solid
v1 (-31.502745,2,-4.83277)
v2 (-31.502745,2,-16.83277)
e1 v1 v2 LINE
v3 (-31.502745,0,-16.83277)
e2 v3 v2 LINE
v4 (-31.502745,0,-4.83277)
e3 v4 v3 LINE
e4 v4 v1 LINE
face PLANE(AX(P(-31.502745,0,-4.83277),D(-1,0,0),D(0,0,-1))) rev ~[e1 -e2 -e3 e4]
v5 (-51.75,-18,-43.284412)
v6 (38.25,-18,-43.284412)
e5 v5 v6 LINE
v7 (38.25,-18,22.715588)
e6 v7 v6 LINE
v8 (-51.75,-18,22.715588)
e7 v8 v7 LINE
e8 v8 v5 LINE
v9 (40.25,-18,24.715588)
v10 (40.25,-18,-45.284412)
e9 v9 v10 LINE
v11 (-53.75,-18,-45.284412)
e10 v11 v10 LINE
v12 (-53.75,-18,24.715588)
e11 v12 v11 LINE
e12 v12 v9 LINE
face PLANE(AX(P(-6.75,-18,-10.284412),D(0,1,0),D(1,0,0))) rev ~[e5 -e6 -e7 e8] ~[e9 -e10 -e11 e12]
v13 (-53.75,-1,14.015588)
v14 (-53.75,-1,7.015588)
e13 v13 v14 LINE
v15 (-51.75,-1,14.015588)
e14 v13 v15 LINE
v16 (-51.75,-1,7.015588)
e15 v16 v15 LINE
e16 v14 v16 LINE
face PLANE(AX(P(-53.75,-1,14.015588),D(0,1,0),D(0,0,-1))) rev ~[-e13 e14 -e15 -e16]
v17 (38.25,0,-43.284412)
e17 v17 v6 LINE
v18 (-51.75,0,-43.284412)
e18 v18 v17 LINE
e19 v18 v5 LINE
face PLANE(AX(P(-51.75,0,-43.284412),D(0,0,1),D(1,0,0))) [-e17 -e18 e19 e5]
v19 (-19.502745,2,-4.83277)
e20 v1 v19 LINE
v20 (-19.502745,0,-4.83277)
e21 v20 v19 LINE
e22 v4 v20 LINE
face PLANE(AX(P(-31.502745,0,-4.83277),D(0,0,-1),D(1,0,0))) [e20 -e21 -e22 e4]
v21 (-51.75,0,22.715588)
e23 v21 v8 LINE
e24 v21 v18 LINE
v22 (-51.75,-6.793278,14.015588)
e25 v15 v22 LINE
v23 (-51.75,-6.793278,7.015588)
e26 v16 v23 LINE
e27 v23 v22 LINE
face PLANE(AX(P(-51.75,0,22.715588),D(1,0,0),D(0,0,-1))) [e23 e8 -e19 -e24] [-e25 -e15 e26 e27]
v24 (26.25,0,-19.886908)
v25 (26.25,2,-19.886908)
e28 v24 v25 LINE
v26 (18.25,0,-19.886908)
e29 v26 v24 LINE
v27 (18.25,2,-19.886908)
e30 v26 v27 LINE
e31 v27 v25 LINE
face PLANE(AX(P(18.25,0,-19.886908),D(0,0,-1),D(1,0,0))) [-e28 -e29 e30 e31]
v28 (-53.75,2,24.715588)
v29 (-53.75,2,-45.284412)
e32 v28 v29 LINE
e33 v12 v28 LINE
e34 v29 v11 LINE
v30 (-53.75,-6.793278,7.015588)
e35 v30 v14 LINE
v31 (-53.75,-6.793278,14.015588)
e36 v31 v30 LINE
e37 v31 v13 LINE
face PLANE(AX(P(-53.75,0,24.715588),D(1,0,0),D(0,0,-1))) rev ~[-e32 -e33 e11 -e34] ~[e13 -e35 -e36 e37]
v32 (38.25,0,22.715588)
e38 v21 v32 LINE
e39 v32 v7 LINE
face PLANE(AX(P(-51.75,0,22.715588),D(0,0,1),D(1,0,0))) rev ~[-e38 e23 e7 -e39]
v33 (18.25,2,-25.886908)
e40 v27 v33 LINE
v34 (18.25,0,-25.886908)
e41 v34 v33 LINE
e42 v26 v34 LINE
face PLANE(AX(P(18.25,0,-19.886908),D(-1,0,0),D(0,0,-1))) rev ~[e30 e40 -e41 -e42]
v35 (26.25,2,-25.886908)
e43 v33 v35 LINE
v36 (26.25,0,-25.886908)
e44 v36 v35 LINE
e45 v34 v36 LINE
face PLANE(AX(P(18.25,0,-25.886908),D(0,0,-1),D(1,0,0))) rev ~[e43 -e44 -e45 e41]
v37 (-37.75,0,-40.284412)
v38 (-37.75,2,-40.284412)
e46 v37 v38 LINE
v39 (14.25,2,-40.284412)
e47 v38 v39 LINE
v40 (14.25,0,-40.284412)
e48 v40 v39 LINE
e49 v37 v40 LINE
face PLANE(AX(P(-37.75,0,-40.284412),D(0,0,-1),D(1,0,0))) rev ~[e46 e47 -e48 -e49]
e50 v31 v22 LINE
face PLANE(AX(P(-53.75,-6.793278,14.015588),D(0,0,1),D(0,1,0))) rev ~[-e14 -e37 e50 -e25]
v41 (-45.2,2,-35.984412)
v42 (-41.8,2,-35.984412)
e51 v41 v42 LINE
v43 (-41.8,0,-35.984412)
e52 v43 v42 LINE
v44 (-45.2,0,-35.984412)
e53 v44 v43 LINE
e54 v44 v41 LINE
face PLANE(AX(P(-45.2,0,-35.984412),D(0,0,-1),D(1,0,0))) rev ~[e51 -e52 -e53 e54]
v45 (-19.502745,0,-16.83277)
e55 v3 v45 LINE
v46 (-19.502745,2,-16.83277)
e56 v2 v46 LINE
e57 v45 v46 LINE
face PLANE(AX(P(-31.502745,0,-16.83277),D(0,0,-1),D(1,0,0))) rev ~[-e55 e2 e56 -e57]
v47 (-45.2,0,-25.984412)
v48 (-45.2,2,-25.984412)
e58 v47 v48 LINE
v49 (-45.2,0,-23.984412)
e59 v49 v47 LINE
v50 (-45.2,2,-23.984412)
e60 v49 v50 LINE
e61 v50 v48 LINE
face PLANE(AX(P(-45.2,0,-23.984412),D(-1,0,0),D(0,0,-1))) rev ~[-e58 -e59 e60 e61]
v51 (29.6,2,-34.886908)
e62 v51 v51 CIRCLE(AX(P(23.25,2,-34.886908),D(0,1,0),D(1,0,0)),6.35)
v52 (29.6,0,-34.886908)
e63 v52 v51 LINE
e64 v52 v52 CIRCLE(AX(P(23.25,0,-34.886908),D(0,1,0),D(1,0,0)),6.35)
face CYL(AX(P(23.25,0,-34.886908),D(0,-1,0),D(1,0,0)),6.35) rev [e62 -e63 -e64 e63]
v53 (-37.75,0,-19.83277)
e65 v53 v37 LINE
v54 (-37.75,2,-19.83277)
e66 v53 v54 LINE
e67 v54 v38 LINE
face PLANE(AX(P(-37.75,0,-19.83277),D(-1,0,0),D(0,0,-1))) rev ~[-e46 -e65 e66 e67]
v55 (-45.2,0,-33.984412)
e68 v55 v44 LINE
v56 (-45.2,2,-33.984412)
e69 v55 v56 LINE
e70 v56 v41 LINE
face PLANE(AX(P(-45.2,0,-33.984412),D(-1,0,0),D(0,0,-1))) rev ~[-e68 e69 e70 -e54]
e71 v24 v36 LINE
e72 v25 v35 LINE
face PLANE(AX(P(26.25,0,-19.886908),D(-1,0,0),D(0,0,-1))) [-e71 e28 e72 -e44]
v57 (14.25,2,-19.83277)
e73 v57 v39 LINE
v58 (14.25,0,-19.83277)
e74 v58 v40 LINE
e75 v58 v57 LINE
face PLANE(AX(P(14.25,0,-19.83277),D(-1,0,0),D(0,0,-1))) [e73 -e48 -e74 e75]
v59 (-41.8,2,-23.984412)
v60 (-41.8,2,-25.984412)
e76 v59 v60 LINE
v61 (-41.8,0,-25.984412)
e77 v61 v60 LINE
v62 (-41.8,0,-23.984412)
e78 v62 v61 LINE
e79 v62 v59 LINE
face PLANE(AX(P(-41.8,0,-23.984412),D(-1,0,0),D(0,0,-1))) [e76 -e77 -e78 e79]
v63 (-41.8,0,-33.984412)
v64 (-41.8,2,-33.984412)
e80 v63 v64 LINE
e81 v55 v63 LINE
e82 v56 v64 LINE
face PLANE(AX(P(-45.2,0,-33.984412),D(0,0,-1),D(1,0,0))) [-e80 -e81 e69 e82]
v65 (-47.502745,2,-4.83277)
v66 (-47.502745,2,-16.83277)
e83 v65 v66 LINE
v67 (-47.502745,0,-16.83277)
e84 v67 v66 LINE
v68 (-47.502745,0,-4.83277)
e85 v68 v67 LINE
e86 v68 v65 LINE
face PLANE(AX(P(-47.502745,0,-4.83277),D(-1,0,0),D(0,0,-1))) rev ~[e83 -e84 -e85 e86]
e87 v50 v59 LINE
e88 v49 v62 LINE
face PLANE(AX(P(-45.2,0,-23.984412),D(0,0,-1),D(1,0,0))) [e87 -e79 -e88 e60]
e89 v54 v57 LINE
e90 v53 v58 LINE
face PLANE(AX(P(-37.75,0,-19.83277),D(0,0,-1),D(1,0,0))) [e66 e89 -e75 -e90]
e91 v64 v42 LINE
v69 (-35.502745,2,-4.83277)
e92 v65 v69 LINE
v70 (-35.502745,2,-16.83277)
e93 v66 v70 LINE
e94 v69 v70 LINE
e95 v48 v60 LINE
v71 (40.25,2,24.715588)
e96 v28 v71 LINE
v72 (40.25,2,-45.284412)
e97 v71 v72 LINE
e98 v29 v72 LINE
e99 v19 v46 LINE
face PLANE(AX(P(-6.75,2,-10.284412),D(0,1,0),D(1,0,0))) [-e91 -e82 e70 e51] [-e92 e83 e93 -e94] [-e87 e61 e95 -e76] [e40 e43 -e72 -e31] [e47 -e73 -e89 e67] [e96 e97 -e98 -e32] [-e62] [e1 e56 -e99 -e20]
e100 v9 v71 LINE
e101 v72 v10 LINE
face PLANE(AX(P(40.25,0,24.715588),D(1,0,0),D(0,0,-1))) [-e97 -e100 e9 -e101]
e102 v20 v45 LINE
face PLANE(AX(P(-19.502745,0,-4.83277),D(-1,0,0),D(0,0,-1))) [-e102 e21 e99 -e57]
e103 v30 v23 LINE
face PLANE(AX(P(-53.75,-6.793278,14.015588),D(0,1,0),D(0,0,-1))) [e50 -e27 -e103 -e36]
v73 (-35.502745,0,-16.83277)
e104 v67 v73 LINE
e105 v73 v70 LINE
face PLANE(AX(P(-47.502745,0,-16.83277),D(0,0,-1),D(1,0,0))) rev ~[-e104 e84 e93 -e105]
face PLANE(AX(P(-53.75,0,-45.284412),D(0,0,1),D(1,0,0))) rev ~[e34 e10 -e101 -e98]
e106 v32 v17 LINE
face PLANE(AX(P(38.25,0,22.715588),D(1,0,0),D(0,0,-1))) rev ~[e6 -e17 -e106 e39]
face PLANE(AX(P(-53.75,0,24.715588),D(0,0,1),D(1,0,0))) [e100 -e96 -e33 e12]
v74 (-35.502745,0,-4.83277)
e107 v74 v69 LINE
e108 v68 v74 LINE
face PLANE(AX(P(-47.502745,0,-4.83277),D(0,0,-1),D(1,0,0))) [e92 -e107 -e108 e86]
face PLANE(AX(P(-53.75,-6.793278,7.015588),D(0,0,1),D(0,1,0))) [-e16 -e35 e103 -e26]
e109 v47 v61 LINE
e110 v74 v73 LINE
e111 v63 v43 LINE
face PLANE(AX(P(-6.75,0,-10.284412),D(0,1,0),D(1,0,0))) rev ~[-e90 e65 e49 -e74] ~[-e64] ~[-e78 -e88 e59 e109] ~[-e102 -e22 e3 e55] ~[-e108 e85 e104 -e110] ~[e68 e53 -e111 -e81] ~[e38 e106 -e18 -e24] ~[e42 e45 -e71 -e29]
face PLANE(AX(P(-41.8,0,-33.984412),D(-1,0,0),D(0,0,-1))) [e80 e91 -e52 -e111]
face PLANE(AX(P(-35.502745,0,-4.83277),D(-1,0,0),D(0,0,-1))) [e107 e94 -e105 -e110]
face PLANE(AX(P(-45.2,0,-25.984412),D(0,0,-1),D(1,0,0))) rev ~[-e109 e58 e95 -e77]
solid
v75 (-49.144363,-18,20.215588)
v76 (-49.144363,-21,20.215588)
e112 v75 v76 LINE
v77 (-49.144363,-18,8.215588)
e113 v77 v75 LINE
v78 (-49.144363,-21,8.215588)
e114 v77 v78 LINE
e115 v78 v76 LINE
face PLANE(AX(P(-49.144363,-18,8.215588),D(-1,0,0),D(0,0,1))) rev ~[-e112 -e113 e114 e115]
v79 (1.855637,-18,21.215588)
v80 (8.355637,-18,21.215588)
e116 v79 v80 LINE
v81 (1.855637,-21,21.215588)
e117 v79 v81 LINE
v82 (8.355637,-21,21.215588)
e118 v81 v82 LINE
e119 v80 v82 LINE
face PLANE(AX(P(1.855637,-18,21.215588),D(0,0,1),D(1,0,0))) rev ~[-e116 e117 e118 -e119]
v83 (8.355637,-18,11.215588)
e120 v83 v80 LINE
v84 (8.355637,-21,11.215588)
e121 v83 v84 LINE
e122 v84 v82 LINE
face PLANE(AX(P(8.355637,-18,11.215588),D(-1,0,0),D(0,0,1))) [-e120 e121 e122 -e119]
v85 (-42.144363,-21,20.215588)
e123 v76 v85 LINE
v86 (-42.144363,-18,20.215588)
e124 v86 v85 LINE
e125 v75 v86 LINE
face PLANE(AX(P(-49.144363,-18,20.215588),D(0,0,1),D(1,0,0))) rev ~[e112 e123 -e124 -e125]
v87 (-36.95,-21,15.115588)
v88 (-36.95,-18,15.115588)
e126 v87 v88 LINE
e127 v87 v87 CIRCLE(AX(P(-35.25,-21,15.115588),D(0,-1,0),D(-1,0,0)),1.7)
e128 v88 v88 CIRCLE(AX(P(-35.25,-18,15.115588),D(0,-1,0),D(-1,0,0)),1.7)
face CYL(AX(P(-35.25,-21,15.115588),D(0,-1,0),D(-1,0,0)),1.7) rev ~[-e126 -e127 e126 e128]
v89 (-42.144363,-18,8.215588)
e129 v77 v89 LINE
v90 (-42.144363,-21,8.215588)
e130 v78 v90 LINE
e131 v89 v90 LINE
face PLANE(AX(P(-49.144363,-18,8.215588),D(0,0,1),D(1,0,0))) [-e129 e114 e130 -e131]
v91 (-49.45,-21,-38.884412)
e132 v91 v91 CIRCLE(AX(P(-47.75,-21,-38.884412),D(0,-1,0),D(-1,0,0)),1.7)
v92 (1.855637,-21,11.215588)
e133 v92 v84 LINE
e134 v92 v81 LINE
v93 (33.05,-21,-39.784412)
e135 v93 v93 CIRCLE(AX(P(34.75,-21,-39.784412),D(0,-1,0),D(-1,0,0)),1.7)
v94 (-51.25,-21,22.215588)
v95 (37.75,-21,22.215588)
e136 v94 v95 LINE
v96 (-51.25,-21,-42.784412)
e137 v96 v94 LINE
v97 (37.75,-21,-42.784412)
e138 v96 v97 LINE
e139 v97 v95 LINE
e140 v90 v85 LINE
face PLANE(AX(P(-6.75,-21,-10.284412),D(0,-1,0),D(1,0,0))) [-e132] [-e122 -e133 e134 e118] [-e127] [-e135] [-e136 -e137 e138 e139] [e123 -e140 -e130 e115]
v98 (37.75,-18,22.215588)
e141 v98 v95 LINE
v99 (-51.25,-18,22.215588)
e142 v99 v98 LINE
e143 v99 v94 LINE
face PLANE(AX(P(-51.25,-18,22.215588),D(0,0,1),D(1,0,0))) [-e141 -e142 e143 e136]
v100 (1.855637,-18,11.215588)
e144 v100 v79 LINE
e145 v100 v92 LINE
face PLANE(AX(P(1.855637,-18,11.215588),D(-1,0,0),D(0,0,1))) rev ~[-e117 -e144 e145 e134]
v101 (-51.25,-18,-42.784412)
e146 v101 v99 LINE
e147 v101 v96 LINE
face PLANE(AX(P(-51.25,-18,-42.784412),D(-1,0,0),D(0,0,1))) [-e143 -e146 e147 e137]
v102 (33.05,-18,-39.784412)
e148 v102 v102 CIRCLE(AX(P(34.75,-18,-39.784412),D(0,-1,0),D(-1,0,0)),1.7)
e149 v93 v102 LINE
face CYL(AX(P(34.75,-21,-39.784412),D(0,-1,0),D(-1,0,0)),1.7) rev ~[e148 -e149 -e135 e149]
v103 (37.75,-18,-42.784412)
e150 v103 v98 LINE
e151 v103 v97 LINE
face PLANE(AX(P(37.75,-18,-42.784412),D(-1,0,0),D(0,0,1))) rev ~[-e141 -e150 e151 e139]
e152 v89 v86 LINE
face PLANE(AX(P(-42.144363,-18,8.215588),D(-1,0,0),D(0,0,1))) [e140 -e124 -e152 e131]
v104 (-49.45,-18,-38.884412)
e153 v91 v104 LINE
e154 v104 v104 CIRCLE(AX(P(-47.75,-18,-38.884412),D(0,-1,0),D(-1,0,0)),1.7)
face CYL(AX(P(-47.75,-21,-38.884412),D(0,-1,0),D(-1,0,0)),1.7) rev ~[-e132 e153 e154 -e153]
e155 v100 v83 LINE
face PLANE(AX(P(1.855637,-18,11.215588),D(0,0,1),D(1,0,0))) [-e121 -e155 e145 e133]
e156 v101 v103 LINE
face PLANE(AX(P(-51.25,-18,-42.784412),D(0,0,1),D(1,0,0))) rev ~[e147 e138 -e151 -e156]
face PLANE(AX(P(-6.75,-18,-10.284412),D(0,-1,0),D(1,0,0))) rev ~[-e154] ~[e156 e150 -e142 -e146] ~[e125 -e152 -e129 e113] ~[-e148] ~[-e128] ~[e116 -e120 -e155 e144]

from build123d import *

# Parameters (mm, degrees)
SKETCH1_W                = 94
SKETCH1_H                = 70
SKETCH1_R                = 6.35
SKETCH1_W_2              = 8
SKETCH1_H_2              = 6
SKETCH1_W_3              = 3.4
SKETCH1_H_3              = 2
SKETCH1_W_4              = 52
SKETCH1_H_4              = 20.451642238
SKETCH1_W_5              = 12
SKETCH1_H_5              = 12
BOSS_EXTRUDE1_DEPTH      = 2
SKETCH2_W                = 94
SKETCH2_H                = 70
SKETCH2_W_2              = 90
SKETCH2_H_2              = 66
BOSS_EXTRUDE2_DEPTH      = 1
BOSS_EXTRUDE2_DEPTH_BACK = 18
CUT_EXTRUDE1_START       = -94
SKETCH3_W                = 7
SKETCH3_H                = 5.793277682
CUT_EXTRUDE1_DEPTH       = 10
CUT_EXTRUDE1_DEPTH_BACK  = 10
SKETCH4_W                = 89
SKETCH4_H                = 65
SKETCH4_W_2              = 7
SKETCH4_H_2              = 12
SKETCH4_W_3              = 6.5
SKETCH4_H_3              = 10
BOSS_EXTRUDE3_DEPTH      = 3
SKETCH5_R                = 1.7
CUT_EXTRUDE5_DEPTH       = 3


with BuildPart() as part:
    # Sketch1 → Boss-Extrude1 (new body)
    with BuildSketch(Plane(origin=(0, 0, 0), x_dir=(1, 0, 0), z_dir=(0, 1, 0))):
        with Locations((-6.75, 10.284411869)):
            Rectangle(SKETCH1_W, SKETCH1_H)
        with Locations((23.25, 34.886908177)):
            Circle(SKETCH1_R, mode=Mode.SUBTRACT)
        with Locations((22.25, 22.886908177)):
            Rectangle(SKETCH1_W_2, SKETCH1_H_2, mode=Mode.SUBTRACT)
        with Locations((-43.5, 24.984411869)):
            Rectangle(SKETCH1_W_3, SKETCH1_H_3, mode=Mode.SUBTRACT)
        with Locations((-11.75, 30.05859075)):
            Rectangle(SKETCH1_W_4, SKETCH1_H_4, mode=Mode.SUBTRACT)
        with Locations((-41.502745427, 10.832769631)):
            Rectangle(SKETCH1_W_5, SKETCH1_H_5, mode=Mode.SUBTRACT)
        with Locations((-25.502745427, 10.832769631)):
            Rectangle(SKETCH1_W_5, SKETCH1_H_5, mode=Mode.SUBTRACT)
        with Locations((-43.5, 34.984411869)):
            Rectangle(SKETCH1_W_3, SKETCH1_H_3, mode=Mode.SUBTRACT)
    extrude(amount=BOSS_EXTRUDE1_DEPTH)

    # Sketch2 → Boss-Extrude2 (add, two sides)
    with BuildSketch(Plane(origin=(0, 0, 0), x_dir=(1, 0, 0), z_dir=(0, 1, 0))) as boss_extrude2_sk:
        with Locations((-6.75, 10.284411869)):
            Rectangle(SKETCH2_W, SKETCH2_H)
        with Locations((-6.75, 10.284411869)):
            Rectangle(SKETCH2_W_2, SKETCH2_H_2, mode=Mode.SUBTRACT)
    extrude(amount=BOSS_EXTRUDE2_DEPTH)
    extrude(boss_extrude2_sk.sketch, amount=-BOSS_EXTRUDE2_DEPTH_BACK)

    # Sketch3 → Cut-Extrude1 (cut, two sides)
    with BuildSketch(Plane(origin=(40.25, 0, 0), x_dir=(0, 0, -1), z_dir=(1, 0, 0)).offset(CUT_EXTRUDE1_START)) as cut_extrude1_sk:
        with Locations((-10.515588131, -3.896638841)):
            Rectangle(SKETCH3_W, SKETCH3_H)
    extrude(amount=CUT_EXTRUDE1_DEPTH, mode=Mode.SUBTRACT)
    extrude(cut_extrude1_sk.sketch, amount=-CUT_EXTRUDE1_DEPTH_BACK, mode=Mode.SUBTRACT)


with BuildPart() as body_2:
    # Sketch4 → Boss-Extrude3 (new body)
    with BuildSketch(Plane.XZ.offset(18)):
        with Locations((-6.75, -10.284411869)):
            Rectangle(SKETCH4_W, SKETCH4_H)
        with Locations((-45.644363442, 14.215588131)):
            Rectangle(SKETCH4_W_2, SKETCH4_H_2, mode=Mode.SUBTRACT)
        with Locations((5.105636558, 16.215588131)):
            Rectangle(SKETCH4_W_3, SKETCH4_H_3, mode=Mode.SUBTRACT)
    extrude(amount=BOSS_EXTRUDE3_DEPTH)

    # Sketch5 → Cut-Extrude5 (cut)
    with BuildSketch(Plane(origin=(0, -21, 0), x_dir=(-1, 0, 0), z_dir=(0, -1, 0))):
        with Locations((-34.75, 39.784411869)):
            Circle(SKETCH5_R)
        with Locations((35.25, -15.115588131)):
            Circle(SKETCH5_R)
        with Locations((47.75, 38.884411869)):
            Circle(SKETCH5_R)
    extrude(amount=-CUT_EXTRUDE5_DEPTH, mode=Mode.SUBTRACT)


solid = Compound([part.part, body_2.part])
